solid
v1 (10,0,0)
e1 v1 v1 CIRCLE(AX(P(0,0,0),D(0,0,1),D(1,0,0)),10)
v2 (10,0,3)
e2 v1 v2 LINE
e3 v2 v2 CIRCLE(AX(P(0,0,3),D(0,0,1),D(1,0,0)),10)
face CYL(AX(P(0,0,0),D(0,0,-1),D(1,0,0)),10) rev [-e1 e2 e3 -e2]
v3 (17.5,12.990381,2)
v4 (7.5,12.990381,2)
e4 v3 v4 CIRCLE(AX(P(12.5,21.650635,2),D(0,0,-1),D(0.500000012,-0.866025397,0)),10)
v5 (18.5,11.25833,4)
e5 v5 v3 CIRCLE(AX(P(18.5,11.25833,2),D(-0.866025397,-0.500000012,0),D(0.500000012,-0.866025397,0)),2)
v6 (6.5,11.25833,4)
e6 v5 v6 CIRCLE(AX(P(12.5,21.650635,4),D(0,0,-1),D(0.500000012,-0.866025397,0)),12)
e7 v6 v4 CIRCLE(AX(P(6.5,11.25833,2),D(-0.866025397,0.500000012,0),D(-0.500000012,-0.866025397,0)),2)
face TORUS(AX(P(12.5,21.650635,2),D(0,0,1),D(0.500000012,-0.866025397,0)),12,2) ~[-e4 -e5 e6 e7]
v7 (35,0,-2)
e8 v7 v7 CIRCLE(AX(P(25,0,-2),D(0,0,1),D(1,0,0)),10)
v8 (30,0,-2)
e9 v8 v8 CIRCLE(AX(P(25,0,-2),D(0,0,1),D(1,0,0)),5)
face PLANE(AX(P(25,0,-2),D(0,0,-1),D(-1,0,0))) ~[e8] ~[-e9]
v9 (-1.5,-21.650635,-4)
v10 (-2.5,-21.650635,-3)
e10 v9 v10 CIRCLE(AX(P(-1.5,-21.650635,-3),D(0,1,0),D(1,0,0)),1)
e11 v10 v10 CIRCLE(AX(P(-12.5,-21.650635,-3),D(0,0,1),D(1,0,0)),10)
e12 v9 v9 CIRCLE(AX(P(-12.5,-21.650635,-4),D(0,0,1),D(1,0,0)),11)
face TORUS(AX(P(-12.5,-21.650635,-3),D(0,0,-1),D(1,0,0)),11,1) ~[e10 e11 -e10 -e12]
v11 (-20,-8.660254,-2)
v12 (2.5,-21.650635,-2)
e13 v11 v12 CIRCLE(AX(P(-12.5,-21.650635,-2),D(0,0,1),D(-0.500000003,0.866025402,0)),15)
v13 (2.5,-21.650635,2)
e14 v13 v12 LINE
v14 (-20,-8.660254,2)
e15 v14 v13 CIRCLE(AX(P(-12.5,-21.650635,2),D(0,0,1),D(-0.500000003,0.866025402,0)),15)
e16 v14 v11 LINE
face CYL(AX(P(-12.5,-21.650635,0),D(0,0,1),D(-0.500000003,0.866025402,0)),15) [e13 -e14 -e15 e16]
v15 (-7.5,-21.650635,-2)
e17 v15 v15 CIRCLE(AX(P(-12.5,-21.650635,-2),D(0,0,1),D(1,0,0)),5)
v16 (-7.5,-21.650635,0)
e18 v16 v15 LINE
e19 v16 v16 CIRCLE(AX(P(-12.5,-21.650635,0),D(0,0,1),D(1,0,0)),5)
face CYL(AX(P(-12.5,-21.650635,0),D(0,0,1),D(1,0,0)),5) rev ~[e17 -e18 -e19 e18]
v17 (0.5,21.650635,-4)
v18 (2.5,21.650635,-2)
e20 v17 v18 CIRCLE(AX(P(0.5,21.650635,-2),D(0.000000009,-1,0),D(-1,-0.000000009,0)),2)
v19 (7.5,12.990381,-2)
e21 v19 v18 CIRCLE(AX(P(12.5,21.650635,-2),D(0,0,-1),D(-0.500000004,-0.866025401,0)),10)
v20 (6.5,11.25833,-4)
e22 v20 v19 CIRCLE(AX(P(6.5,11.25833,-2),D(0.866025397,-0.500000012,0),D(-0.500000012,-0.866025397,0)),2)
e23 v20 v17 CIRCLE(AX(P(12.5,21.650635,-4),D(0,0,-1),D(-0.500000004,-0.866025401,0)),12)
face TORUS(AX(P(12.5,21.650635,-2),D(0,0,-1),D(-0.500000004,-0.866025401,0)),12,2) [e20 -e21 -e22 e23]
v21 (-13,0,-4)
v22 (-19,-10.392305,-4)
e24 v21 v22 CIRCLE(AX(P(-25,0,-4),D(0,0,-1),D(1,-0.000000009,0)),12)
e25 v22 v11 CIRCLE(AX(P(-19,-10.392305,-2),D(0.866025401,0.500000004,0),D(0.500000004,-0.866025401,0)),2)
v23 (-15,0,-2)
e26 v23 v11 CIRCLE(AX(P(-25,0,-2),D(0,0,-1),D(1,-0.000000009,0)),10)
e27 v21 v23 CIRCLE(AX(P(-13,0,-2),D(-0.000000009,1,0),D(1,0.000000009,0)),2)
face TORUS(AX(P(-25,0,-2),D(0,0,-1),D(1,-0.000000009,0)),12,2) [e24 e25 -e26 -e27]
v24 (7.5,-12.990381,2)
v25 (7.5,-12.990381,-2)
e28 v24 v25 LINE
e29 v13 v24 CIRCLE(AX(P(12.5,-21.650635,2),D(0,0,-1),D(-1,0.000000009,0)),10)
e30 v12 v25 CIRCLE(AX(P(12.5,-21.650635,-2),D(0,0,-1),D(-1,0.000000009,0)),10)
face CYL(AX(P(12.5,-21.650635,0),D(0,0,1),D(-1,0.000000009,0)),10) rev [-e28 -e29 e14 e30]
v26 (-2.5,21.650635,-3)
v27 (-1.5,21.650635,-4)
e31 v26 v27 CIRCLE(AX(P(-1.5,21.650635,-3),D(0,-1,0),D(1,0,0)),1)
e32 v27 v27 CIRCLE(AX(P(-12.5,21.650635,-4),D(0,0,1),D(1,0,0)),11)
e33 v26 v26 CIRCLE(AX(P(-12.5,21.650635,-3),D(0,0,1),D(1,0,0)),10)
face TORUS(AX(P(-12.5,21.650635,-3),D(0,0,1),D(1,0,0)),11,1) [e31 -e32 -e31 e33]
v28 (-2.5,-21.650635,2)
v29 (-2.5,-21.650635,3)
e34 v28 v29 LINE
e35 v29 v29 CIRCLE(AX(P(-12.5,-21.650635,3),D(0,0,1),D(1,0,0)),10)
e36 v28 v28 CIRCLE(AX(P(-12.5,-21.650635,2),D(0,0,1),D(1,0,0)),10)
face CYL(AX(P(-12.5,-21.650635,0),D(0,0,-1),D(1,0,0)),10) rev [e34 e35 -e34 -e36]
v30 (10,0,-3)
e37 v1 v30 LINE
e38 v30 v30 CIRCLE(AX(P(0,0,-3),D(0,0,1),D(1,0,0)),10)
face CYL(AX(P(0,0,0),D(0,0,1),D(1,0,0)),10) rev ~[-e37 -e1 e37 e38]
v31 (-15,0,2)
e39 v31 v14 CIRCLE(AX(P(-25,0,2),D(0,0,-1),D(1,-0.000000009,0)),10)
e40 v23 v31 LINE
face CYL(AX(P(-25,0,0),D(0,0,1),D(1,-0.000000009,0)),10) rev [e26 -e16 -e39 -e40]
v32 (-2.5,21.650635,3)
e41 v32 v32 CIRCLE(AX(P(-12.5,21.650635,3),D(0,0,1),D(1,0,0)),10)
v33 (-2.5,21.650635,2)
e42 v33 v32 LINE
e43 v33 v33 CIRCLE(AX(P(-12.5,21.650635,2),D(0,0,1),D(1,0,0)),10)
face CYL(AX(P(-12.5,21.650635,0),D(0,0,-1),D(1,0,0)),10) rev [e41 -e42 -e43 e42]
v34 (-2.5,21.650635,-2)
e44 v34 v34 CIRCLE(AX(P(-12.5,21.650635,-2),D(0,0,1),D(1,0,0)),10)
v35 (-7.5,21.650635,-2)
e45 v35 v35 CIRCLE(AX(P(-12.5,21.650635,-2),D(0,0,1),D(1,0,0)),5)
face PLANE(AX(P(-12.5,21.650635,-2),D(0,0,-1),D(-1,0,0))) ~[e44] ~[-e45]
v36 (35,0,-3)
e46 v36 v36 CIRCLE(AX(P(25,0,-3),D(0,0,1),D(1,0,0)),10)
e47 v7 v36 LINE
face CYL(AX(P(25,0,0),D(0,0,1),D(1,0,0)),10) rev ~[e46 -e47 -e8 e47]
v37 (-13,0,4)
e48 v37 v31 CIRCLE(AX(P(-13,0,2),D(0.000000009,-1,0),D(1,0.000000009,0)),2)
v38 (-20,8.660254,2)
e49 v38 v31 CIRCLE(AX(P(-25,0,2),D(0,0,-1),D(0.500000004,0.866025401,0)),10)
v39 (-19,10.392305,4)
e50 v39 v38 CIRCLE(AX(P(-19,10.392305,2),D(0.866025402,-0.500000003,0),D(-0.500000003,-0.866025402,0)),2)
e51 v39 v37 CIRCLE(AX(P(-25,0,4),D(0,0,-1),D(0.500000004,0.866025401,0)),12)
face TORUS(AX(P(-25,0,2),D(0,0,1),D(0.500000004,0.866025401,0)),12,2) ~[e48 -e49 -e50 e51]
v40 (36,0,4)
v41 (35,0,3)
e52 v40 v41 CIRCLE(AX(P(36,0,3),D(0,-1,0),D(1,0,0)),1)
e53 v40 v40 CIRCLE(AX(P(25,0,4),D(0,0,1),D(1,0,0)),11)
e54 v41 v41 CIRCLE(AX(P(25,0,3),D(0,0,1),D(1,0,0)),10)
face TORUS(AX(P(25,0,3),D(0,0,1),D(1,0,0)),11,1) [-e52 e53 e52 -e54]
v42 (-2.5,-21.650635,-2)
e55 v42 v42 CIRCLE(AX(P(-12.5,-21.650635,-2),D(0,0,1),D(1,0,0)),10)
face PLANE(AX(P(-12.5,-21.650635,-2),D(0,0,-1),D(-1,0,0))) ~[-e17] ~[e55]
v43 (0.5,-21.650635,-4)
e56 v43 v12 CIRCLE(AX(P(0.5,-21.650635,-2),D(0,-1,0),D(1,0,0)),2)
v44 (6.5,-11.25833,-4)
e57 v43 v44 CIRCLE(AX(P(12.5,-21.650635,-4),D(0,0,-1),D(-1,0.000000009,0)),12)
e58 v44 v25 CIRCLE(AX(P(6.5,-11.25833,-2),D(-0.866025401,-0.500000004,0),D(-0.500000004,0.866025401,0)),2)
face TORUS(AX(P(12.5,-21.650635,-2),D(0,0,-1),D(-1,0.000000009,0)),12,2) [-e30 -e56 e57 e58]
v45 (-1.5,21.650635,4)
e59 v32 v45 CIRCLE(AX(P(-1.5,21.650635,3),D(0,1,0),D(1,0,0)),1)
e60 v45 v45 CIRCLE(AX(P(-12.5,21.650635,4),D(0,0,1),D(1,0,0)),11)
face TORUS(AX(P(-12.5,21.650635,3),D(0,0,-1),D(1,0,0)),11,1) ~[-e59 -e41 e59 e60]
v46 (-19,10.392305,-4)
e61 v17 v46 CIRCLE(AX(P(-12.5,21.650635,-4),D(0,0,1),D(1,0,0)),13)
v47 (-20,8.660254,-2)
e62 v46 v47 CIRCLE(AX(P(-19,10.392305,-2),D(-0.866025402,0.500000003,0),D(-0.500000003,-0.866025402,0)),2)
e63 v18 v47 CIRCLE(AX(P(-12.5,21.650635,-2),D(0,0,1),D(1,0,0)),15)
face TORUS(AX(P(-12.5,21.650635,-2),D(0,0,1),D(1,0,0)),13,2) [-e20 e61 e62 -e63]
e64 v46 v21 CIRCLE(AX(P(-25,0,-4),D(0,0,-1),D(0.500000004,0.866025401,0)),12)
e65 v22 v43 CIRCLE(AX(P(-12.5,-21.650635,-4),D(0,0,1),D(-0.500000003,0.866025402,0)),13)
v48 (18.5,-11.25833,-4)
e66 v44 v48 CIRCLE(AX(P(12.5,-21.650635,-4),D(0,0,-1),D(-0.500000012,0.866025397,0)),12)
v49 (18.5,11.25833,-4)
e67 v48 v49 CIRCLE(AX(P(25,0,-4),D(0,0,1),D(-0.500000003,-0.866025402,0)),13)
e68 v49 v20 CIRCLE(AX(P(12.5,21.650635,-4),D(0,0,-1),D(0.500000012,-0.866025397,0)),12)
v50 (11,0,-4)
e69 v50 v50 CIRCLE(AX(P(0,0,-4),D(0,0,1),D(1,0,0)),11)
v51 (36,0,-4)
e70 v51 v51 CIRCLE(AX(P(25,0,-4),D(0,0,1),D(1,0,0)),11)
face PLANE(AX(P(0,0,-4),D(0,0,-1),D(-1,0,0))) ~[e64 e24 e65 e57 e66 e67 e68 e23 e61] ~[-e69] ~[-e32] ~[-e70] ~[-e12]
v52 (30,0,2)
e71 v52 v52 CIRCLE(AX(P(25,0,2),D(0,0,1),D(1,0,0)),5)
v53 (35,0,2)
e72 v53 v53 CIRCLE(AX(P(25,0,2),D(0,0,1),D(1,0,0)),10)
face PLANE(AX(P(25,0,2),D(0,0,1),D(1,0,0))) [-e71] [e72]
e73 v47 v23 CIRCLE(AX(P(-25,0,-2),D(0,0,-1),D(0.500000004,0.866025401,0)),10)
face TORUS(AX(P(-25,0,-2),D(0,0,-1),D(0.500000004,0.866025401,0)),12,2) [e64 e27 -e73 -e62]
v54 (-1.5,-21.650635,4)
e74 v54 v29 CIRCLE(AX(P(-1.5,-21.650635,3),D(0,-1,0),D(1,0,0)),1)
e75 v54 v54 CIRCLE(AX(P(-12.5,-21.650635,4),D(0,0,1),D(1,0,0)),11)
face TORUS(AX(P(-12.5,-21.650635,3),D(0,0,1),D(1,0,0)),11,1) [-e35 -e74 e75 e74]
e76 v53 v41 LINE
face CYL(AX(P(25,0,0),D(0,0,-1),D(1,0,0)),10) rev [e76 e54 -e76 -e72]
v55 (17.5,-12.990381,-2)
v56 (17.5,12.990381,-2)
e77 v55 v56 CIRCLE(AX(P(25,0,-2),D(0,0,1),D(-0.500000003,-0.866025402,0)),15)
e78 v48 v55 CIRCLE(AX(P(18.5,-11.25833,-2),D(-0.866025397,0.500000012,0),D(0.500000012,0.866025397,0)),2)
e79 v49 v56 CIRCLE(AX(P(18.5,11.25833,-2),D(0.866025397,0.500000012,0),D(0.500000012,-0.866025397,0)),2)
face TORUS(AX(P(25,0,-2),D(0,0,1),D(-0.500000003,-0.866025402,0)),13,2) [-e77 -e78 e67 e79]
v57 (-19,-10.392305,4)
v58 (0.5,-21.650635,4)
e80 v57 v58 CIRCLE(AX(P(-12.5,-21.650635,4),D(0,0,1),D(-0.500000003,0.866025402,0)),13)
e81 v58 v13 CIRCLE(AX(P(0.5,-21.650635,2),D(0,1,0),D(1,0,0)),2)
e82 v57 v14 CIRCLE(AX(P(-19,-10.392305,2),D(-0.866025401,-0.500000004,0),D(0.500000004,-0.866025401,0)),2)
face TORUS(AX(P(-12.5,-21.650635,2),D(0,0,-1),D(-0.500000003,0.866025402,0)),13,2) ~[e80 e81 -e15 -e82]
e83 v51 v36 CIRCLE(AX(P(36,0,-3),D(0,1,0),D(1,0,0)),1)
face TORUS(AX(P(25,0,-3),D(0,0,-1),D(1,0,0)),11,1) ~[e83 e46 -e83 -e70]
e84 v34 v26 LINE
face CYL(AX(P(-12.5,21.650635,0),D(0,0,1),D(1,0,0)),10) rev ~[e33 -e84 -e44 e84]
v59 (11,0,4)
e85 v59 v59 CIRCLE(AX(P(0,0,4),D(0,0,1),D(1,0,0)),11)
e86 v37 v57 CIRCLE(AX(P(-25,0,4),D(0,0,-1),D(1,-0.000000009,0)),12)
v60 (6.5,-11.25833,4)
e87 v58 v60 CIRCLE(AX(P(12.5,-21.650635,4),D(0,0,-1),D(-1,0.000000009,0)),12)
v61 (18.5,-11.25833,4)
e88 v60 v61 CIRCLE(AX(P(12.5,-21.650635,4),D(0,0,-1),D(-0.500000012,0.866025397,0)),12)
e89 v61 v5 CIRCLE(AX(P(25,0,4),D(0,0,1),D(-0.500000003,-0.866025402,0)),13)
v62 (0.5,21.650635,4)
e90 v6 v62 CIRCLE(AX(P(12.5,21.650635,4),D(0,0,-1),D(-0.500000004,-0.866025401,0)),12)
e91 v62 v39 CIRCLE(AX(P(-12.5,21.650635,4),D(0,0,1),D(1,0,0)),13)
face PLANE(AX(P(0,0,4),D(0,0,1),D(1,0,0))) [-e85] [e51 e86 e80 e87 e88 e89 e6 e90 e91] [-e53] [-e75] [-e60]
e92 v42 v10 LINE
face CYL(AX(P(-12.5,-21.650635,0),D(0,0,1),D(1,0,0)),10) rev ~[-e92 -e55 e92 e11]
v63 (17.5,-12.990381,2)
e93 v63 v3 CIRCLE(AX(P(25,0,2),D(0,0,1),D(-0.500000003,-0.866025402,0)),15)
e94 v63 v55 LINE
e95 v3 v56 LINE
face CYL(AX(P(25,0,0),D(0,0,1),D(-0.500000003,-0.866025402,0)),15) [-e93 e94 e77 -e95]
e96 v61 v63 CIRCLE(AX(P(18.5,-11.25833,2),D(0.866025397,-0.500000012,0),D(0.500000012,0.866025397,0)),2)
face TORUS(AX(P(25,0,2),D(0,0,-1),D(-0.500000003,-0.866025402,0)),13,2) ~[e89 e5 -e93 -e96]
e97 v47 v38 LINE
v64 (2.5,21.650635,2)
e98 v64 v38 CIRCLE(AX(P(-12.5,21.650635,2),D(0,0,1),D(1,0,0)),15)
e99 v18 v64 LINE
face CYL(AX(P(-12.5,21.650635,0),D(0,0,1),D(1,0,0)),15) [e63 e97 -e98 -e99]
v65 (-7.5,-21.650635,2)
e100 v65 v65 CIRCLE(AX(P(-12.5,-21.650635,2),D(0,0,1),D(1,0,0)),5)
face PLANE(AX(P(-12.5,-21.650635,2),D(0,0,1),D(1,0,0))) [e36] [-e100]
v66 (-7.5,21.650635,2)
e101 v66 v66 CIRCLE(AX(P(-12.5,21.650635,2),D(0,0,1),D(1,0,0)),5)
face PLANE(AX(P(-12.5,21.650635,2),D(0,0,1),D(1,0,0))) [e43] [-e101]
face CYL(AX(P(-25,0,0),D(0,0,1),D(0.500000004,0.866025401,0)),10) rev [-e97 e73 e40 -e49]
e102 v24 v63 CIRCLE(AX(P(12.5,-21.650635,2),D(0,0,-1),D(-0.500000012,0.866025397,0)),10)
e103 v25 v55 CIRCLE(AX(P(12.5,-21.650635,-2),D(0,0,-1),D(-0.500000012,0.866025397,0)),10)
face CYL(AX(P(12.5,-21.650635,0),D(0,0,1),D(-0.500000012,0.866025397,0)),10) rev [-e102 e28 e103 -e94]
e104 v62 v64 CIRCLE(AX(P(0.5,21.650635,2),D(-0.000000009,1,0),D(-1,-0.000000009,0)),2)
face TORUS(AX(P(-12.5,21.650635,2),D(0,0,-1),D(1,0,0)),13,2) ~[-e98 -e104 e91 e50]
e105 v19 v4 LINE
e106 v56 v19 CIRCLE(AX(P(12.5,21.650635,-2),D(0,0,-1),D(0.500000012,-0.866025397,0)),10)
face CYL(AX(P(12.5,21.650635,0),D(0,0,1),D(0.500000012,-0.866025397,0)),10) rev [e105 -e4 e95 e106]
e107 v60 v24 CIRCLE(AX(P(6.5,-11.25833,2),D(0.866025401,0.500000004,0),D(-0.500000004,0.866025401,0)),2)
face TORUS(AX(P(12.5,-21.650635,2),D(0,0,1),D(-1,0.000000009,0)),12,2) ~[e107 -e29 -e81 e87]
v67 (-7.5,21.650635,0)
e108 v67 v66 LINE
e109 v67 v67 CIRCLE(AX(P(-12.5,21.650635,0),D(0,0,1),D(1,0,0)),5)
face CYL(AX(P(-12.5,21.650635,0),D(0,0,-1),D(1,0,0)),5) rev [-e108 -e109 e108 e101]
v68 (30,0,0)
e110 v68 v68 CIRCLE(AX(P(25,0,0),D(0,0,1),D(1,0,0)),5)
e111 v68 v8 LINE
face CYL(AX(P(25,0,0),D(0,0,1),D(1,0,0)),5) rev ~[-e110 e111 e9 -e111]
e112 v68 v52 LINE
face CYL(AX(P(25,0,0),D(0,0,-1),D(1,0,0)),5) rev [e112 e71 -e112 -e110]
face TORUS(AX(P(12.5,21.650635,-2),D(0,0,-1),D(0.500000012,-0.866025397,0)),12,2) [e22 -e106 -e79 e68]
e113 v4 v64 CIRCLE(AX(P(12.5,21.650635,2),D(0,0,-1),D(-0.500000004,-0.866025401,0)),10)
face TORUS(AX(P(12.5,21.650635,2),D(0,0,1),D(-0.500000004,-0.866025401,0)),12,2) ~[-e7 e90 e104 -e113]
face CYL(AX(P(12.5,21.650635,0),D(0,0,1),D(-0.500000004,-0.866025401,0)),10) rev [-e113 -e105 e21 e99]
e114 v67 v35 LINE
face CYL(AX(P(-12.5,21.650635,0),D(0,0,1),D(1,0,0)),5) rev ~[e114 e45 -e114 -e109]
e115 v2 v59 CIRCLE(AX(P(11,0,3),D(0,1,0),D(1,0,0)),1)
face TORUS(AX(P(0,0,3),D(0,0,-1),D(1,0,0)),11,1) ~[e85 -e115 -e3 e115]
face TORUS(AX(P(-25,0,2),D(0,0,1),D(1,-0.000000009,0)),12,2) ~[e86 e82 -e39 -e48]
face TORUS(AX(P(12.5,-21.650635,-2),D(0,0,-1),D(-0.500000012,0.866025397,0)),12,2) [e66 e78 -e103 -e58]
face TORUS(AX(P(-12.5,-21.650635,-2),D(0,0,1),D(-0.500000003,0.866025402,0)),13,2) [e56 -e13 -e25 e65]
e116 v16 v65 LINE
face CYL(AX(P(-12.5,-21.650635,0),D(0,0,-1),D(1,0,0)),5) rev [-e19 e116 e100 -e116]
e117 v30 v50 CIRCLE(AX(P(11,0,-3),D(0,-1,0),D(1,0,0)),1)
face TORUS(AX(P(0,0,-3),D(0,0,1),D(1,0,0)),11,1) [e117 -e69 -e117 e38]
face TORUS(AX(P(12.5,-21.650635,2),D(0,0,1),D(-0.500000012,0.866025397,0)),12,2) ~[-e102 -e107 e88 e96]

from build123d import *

# Parameters (mm, degrees)
F0_R     = 10
F1_DEPTH = 4
F0_R_2   = 5
F2_DEPTH = 2
F3_R     = 1
F4_R     = 2


with BuildPart() as f1:
    # F0 (on Top) → F1 (new body)
    with BuildSketch(Plane.XY):
        with BuildLine():
            ThreePointArc((7.5, -12.990381), (12.5, -11.650635), (17.5, -12.990381))
            ThreePointArc((17.5, -12.990381), (40, 0), (17.5, 12.990381))
            ThreePointArc((17.5, 12.990381), (12.5, 11.650635), (7.5, 12.990381))
            ThreePointArc((7.5, 12.990381), (3.839746, 16.650635), (2.5, 21.650635))
            ThreePointArc((2.5, 21.650635), (-20, 34.641016), (-20, 8.660254))
            ThreePointArc((-20, 8.660254), (-16.339746, 5), (-15, 0))
            ThreePointArc((-15, 0), (-16.339746, -5), (-20, -8.660254))
            ThreePointArc((-20, -8.660254), (-20, -34.641016), (2.5, -21.650635))
            ThreePointArc((2.5, -21.650635), (3.839746, -16.650635), (7.5, -12.990381))
        make_face()
        with Locations((-12.5, -21.650635)):
            Circle(F0_R, mode=Mode.SUBTRACT)
        Circle(F0_R, mode=Mode.SUBTRACT)
        with Locations((25, 0)):
            Circle(F0_R, mode=Mode.SUBTRACT)
        with Locations((-12.5, 21.650635)):
            Circle(F0_R, mode=Mode.SUBTRACT)
    extrude(amount=F1_DEPTH)

    # F0 (on Top) → F2 (join)
    with BuildSketch(Plane.XY):
        with Locations((-12.5, 21.650635)):
            Circle(F0_R)
        with Locations((-12.5, 21.650635)):
            Circle(F0_R_2, mode=Mode.SUBTRACT)
        with Locations((25, 0)):
            Circle(F0_R)
        with Locations((25, 0)):
            Circle(F0_R_2, mode=Mode.SUBTRACT)
        with Locations((-12.5, -21.650635)):
            Circle(F0_R)
        with Locations((-12.5, -21.650635)):
            Circle(F0_R_2, mode=Mode.SUBTRACT)
    extrude(amount=F2_DEPTH)

    # F3
    f3_edges = [f1.edges().sort_by_distance(p)[0] for p in [
        (-22.5, 21.650635, 4),
        (-10, 0, 4),
        (15, 0, 4),
        (-22.5, -21.650635, 4),
    ]]
    fillet(f3_edges, radius=F3_R)

    # F4
    f4_edges = [f1.edges().sort_by_distance(p)[0] for p in [
        (7.5, 12.990381, 4),
        (-20, 34.641016, 4),
        (-15, 0, 4),
        (-20, -34.641016, 4),
        (7.5, -12.990381, 4),
        (40, 0, 4),
    ]]
    fillet(f4_edges, radius=F4_R)

    # F5: F1 across plane


with BuildPart() as f1_1:
    add(f1.part)
    add(f1.part.mirror(Plane.XY))


solid = f1_1.part
